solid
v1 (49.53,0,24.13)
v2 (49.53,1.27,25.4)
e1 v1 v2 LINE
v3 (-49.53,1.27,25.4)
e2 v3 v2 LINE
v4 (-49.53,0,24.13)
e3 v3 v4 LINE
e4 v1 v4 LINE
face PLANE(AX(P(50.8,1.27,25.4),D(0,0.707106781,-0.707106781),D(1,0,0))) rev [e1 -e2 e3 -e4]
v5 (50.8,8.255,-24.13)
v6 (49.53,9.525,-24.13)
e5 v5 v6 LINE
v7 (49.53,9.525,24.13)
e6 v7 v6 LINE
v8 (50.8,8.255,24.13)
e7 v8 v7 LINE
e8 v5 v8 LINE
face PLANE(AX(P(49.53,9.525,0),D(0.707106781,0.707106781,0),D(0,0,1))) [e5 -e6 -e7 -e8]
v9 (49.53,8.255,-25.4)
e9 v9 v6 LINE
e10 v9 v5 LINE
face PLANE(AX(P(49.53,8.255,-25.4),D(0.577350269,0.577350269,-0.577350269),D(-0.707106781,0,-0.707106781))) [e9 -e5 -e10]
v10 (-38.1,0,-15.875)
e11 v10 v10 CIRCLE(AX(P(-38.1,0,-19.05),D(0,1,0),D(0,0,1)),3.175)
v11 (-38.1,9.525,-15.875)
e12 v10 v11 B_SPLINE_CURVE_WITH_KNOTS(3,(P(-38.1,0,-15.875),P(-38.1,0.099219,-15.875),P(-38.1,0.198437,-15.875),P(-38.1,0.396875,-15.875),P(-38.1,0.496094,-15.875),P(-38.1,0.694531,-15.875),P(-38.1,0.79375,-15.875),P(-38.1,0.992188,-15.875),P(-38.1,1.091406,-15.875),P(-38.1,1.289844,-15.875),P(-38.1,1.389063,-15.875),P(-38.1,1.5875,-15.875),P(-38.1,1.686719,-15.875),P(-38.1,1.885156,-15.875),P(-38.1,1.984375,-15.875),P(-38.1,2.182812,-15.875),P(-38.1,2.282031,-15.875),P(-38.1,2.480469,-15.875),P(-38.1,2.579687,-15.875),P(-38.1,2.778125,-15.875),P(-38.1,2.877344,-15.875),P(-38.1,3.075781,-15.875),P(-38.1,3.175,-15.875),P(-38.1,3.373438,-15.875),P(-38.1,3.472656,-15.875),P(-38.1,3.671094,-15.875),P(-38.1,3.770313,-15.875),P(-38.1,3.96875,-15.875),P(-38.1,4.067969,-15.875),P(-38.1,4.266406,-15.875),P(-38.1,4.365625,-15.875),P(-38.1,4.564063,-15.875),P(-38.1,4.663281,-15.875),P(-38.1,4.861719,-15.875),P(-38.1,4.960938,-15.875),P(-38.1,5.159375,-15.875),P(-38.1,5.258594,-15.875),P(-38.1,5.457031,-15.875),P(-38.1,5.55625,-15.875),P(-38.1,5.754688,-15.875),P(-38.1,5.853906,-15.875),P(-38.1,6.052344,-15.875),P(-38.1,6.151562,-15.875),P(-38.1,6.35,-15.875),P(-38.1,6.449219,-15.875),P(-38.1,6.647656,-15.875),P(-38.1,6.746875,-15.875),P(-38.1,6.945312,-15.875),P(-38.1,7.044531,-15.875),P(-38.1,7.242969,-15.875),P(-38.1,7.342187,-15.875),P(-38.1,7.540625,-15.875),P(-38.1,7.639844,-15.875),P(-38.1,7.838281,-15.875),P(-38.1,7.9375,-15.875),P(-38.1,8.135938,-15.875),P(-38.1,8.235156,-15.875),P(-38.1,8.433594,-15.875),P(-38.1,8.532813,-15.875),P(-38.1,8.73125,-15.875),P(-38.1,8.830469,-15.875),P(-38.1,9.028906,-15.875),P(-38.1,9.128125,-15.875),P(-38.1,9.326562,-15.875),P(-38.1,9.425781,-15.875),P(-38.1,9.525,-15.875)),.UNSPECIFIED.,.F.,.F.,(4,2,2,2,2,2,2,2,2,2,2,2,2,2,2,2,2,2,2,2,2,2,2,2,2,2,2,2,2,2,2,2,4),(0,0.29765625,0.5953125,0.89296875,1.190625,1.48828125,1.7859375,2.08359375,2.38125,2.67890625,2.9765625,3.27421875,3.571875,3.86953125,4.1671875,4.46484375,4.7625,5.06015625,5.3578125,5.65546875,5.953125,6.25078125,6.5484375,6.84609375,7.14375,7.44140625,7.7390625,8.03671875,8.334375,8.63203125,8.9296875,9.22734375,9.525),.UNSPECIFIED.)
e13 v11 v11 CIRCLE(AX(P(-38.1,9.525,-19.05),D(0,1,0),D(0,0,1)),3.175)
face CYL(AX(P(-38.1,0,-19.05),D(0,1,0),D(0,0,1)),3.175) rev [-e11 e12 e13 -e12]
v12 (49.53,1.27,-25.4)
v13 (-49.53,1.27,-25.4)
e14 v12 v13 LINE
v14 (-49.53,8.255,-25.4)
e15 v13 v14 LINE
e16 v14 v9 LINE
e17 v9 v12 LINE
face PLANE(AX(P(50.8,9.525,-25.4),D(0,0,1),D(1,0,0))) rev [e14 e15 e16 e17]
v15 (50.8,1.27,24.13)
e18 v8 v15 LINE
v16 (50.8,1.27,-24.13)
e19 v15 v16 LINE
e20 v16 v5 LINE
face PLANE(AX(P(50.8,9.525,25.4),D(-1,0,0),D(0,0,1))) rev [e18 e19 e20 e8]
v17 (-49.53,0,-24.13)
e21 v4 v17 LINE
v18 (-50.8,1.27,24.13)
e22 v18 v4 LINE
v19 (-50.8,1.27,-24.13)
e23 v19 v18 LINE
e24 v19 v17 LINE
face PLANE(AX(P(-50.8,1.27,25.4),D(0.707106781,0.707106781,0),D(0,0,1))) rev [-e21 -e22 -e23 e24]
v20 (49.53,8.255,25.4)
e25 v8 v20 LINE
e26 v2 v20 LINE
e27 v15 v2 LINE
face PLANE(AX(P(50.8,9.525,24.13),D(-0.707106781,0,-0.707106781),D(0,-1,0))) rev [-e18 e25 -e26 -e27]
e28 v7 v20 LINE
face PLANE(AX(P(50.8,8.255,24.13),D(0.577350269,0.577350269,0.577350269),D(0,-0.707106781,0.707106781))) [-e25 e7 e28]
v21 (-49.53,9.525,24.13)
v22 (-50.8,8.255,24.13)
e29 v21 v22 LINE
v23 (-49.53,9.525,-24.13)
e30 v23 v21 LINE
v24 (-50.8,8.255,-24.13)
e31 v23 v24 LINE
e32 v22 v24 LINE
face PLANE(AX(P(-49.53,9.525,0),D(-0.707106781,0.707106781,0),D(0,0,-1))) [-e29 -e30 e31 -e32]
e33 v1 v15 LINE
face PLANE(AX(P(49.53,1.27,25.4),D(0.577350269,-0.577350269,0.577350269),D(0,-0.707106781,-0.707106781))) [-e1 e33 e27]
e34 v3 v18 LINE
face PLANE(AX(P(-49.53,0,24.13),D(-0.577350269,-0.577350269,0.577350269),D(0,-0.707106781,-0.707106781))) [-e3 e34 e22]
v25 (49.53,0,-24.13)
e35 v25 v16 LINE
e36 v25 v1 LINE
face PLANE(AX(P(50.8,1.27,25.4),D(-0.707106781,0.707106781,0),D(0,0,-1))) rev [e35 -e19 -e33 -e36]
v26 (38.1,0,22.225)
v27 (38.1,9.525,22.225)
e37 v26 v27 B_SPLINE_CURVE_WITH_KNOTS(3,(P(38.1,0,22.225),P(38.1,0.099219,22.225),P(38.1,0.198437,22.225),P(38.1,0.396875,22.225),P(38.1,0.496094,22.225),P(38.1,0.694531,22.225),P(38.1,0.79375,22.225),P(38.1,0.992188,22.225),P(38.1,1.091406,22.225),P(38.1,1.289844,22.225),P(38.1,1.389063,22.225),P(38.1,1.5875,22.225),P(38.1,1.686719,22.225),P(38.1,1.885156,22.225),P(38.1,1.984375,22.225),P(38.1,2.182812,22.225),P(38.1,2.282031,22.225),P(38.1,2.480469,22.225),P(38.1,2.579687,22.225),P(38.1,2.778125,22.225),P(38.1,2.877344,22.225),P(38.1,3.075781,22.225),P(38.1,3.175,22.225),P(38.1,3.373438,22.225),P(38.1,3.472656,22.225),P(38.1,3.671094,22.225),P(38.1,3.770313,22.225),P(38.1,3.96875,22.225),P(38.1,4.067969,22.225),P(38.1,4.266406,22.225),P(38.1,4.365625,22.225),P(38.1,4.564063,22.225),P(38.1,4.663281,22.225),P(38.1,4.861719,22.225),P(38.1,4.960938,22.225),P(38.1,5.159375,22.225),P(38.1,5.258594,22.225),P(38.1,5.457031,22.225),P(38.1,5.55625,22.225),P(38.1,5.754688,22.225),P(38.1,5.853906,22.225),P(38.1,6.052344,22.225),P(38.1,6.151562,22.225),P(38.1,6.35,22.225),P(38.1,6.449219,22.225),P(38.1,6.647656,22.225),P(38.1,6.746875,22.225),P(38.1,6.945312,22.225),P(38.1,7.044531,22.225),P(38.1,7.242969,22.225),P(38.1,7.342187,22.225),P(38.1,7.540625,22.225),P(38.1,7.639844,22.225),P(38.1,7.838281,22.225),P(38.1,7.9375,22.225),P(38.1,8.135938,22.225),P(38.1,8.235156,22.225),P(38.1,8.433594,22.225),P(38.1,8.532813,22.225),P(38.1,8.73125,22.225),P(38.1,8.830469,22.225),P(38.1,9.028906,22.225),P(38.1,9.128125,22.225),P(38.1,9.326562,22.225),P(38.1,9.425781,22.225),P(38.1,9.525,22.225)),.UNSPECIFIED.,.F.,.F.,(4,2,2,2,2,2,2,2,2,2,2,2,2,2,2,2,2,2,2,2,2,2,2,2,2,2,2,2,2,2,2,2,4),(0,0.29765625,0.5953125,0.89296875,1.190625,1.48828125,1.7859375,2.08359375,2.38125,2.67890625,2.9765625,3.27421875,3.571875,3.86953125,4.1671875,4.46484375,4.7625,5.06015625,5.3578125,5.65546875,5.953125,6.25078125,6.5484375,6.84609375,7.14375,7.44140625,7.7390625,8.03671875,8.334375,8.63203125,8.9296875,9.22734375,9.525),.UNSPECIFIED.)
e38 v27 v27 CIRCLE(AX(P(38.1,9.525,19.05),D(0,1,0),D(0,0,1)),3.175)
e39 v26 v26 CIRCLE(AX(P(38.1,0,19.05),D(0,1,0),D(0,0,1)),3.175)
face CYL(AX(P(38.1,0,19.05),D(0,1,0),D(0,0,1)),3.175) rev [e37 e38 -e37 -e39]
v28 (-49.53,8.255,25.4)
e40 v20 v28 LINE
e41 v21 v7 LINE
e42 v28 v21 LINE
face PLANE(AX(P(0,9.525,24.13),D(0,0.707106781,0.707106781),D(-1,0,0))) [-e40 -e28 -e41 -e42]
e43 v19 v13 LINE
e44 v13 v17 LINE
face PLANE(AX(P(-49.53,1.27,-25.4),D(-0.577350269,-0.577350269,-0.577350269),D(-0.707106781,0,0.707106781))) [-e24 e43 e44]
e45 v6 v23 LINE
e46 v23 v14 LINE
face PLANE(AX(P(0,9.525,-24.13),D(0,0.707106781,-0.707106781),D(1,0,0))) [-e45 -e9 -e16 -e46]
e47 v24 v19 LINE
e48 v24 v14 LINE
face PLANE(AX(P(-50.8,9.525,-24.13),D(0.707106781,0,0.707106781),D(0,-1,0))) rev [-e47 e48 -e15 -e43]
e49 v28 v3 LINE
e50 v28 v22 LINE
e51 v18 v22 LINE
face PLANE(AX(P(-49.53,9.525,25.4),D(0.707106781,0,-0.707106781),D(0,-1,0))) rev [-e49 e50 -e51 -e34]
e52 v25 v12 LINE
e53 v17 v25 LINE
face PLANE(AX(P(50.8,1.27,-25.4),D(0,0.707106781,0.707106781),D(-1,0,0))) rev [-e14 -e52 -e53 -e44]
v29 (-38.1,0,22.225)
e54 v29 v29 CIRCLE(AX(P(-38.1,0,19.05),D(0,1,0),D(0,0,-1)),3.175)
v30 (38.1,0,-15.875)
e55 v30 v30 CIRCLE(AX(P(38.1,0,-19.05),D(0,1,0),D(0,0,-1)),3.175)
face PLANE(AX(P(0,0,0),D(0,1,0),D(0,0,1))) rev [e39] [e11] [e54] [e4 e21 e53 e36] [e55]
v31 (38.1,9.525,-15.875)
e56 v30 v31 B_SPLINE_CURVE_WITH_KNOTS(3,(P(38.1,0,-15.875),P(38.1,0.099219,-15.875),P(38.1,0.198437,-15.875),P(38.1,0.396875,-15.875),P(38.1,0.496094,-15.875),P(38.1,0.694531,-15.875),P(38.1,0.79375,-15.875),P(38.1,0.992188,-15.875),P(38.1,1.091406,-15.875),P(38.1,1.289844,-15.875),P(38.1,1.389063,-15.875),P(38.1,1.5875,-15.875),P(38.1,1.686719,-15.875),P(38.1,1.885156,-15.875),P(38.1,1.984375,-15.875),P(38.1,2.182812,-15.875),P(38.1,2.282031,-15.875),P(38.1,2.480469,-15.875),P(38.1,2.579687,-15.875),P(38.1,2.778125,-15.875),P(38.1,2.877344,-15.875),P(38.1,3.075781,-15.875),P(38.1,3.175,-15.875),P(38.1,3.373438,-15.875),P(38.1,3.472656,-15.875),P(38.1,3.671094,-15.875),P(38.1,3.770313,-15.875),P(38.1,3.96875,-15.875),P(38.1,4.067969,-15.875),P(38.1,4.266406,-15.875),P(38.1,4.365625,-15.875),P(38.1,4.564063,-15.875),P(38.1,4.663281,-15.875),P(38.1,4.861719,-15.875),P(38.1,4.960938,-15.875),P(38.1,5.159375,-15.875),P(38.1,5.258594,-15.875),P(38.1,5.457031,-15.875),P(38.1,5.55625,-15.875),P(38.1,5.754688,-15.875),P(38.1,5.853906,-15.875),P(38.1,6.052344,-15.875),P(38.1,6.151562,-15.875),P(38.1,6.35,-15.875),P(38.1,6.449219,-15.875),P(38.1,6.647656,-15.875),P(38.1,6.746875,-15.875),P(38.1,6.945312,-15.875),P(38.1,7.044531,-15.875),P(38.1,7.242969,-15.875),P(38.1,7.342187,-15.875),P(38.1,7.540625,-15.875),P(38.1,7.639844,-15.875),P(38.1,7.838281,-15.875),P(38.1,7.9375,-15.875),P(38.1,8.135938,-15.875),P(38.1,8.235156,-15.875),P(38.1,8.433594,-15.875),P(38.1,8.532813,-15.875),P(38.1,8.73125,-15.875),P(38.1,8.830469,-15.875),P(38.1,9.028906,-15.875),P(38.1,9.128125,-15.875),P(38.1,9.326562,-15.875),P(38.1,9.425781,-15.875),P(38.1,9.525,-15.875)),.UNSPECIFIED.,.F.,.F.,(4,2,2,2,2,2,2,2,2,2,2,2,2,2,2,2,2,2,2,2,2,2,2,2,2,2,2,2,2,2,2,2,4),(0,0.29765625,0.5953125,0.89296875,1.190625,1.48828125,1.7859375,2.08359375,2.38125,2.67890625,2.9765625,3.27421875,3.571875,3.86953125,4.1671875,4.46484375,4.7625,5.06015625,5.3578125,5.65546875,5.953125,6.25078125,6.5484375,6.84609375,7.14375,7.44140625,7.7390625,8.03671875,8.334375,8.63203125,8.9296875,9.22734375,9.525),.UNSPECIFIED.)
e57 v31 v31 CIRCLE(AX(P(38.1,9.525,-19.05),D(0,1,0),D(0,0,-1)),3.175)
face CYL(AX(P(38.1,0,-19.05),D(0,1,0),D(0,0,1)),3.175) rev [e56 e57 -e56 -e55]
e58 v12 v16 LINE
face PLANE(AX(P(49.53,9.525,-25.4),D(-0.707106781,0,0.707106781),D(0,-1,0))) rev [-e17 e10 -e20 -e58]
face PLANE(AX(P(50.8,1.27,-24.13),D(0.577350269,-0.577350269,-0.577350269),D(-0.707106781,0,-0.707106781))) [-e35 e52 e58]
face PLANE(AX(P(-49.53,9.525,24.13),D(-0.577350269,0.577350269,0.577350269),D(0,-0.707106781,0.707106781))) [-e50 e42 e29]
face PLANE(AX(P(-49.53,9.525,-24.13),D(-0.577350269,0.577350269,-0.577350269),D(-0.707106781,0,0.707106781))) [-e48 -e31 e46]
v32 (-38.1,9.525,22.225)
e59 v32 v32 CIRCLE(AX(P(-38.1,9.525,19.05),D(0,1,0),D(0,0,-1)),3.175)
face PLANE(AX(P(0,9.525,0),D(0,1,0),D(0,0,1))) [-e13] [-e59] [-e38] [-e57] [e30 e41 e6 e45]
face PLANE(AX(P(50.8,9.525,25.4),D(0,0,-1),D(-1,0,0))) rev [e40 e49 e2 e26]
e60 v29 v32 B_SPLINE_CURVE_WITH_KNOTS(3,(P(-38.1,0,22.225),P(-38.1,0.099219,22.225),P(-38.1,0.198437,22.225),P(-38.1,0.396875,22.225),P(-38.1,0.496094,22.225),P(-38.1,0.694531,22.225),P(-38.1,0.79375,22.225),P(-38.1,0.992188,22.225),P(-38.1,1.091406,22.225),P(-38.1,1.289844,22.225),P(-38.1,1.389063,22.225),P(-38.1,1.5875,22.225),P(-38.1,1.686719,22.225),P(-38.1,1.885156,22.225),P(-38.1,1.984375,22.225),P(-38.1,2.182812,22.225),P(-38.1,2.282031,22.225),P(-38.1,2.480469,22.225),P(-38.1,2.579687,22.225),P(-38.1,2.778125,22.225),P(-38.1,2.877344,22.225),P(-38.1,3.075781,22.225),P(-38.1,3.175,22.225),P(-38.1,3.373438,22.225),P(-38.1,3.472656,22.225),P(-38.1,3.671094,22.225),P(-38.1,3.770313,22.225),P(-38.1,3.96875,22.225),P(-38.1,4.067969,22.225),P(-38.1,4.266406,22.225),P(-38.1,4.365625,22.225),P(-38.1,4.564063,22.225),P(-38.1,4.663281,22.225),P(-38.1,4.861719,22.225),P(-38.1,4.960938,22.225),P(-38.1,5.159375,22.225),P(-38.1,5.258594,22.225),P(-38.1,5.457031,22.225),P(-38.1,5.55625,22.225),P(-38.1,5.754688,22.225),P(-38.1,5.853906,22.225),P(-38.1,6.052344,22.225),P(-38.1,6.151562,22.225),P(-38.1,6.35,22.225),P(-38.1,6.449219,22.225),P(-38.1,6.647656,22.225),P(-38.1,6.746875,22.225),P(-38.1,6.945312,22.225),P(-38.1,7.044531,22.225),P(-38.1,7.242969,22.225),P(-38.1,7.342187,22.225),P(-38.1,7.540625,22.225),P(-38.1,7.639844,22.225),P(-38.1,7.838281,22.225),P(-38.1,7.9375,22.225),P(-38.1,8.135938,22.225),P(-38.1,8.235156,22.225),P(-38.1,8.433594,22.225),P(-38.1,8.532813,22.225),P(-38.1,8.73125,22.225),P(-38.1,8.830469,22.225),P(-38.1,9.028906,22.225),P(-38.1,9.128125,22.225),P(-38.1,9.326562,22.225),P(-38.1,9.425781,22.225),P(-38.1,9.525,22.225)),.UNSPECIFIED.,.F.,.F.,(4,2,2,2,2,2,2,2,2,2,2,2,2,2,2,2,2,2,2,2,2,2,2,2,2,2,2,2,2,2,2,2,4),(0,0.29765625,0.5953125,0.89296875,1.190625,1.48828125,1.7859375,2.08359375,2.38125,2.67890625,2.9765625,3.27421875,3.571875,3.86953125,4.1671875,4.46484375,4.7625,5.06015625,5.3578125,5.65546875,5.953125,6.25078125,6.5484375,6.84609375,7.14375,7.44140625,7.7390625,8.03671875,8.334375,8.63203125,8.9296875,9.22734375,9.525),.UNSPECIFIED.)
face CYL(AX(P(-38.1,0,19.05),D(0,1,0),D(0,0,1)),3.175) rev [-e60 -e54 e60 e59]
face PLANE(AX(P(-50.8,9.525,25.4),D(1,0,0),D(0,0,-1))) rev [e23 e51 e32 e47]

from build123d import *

# Parameters (mm, degrees)
SKETCH1_W           = 101.6
SKETCH1_H           = 50.8
BOSS_EXTRUDE1_DEPTH = 9.525
CHAMFER1_SIZE       = 1.27
SKETCH2_R           = 3.175
CUT_EXTRUDE1_DEPTH  = 58.589283942


with BuildPart() as part:
    # Sketch1 → Boss-Extrude1 (new body)
    with BuildSketch(Plane(origin=(0, 0, 0), x_dir=(1, 0, 0), z_dir=(0, 1, 0))):
        Rectangle(SKETCH1_W, SKETCH1_H)
    extrude(amount=BOSS_EXTRUDE1_DEPTH)

    # Chamfer1
    chamfer1_edges = [part.edges().sort_by_distance(p)[0] for p in [
        (50.8, 9.525, 0),
        (0, 9.525, -25.4),
        (-50.8, 9.525, 0),
        (0, 0, -25.4),
        (50.8, 0, 0),
        (0, 0, 25.4),
        (-50.8, 0, 0),
        (-50.8, 4.7625, -25.4),
        (50.8, 4.7625, -25.4),
        (50.8, 4.7625, 25.4),
        (-50.8, 4.7625, 25.4),
        (0, 9.525, 25.4),
    ]]
    chamfer(chamfer1_edges, length=CHAMFER1_SIZE)

    # Sketch2 → Cut-Extrude1 (cut, through all)
    with BuildSketch(Plane(origin=(0, 9.525, 0), x_dir=(1, 0, 0), z_dir=(0, 1, 0))):
        with Locations(Location((-38.1, 19.05, 0), (0, 0, 270))):
            Circle(SKETCH2_R)
        with Locations(Location((-38.1, -19.05, 0), (0, 0, 270))):
            Circle(SKETCH2_R)
        with Locations(Location((38.1, -19.05, 0), (0, 0, 270))):
            Circle(SKETCH2_R)
        with Locations(Location((38.1, 19.05, 0), (0, 0, 270))):
            Circle(SKETCH2_R)
    extrude(amount=-CUT_EXTRUDE1_DEPTH, mode=Mode.SUBTRACT)


solid = part.part
